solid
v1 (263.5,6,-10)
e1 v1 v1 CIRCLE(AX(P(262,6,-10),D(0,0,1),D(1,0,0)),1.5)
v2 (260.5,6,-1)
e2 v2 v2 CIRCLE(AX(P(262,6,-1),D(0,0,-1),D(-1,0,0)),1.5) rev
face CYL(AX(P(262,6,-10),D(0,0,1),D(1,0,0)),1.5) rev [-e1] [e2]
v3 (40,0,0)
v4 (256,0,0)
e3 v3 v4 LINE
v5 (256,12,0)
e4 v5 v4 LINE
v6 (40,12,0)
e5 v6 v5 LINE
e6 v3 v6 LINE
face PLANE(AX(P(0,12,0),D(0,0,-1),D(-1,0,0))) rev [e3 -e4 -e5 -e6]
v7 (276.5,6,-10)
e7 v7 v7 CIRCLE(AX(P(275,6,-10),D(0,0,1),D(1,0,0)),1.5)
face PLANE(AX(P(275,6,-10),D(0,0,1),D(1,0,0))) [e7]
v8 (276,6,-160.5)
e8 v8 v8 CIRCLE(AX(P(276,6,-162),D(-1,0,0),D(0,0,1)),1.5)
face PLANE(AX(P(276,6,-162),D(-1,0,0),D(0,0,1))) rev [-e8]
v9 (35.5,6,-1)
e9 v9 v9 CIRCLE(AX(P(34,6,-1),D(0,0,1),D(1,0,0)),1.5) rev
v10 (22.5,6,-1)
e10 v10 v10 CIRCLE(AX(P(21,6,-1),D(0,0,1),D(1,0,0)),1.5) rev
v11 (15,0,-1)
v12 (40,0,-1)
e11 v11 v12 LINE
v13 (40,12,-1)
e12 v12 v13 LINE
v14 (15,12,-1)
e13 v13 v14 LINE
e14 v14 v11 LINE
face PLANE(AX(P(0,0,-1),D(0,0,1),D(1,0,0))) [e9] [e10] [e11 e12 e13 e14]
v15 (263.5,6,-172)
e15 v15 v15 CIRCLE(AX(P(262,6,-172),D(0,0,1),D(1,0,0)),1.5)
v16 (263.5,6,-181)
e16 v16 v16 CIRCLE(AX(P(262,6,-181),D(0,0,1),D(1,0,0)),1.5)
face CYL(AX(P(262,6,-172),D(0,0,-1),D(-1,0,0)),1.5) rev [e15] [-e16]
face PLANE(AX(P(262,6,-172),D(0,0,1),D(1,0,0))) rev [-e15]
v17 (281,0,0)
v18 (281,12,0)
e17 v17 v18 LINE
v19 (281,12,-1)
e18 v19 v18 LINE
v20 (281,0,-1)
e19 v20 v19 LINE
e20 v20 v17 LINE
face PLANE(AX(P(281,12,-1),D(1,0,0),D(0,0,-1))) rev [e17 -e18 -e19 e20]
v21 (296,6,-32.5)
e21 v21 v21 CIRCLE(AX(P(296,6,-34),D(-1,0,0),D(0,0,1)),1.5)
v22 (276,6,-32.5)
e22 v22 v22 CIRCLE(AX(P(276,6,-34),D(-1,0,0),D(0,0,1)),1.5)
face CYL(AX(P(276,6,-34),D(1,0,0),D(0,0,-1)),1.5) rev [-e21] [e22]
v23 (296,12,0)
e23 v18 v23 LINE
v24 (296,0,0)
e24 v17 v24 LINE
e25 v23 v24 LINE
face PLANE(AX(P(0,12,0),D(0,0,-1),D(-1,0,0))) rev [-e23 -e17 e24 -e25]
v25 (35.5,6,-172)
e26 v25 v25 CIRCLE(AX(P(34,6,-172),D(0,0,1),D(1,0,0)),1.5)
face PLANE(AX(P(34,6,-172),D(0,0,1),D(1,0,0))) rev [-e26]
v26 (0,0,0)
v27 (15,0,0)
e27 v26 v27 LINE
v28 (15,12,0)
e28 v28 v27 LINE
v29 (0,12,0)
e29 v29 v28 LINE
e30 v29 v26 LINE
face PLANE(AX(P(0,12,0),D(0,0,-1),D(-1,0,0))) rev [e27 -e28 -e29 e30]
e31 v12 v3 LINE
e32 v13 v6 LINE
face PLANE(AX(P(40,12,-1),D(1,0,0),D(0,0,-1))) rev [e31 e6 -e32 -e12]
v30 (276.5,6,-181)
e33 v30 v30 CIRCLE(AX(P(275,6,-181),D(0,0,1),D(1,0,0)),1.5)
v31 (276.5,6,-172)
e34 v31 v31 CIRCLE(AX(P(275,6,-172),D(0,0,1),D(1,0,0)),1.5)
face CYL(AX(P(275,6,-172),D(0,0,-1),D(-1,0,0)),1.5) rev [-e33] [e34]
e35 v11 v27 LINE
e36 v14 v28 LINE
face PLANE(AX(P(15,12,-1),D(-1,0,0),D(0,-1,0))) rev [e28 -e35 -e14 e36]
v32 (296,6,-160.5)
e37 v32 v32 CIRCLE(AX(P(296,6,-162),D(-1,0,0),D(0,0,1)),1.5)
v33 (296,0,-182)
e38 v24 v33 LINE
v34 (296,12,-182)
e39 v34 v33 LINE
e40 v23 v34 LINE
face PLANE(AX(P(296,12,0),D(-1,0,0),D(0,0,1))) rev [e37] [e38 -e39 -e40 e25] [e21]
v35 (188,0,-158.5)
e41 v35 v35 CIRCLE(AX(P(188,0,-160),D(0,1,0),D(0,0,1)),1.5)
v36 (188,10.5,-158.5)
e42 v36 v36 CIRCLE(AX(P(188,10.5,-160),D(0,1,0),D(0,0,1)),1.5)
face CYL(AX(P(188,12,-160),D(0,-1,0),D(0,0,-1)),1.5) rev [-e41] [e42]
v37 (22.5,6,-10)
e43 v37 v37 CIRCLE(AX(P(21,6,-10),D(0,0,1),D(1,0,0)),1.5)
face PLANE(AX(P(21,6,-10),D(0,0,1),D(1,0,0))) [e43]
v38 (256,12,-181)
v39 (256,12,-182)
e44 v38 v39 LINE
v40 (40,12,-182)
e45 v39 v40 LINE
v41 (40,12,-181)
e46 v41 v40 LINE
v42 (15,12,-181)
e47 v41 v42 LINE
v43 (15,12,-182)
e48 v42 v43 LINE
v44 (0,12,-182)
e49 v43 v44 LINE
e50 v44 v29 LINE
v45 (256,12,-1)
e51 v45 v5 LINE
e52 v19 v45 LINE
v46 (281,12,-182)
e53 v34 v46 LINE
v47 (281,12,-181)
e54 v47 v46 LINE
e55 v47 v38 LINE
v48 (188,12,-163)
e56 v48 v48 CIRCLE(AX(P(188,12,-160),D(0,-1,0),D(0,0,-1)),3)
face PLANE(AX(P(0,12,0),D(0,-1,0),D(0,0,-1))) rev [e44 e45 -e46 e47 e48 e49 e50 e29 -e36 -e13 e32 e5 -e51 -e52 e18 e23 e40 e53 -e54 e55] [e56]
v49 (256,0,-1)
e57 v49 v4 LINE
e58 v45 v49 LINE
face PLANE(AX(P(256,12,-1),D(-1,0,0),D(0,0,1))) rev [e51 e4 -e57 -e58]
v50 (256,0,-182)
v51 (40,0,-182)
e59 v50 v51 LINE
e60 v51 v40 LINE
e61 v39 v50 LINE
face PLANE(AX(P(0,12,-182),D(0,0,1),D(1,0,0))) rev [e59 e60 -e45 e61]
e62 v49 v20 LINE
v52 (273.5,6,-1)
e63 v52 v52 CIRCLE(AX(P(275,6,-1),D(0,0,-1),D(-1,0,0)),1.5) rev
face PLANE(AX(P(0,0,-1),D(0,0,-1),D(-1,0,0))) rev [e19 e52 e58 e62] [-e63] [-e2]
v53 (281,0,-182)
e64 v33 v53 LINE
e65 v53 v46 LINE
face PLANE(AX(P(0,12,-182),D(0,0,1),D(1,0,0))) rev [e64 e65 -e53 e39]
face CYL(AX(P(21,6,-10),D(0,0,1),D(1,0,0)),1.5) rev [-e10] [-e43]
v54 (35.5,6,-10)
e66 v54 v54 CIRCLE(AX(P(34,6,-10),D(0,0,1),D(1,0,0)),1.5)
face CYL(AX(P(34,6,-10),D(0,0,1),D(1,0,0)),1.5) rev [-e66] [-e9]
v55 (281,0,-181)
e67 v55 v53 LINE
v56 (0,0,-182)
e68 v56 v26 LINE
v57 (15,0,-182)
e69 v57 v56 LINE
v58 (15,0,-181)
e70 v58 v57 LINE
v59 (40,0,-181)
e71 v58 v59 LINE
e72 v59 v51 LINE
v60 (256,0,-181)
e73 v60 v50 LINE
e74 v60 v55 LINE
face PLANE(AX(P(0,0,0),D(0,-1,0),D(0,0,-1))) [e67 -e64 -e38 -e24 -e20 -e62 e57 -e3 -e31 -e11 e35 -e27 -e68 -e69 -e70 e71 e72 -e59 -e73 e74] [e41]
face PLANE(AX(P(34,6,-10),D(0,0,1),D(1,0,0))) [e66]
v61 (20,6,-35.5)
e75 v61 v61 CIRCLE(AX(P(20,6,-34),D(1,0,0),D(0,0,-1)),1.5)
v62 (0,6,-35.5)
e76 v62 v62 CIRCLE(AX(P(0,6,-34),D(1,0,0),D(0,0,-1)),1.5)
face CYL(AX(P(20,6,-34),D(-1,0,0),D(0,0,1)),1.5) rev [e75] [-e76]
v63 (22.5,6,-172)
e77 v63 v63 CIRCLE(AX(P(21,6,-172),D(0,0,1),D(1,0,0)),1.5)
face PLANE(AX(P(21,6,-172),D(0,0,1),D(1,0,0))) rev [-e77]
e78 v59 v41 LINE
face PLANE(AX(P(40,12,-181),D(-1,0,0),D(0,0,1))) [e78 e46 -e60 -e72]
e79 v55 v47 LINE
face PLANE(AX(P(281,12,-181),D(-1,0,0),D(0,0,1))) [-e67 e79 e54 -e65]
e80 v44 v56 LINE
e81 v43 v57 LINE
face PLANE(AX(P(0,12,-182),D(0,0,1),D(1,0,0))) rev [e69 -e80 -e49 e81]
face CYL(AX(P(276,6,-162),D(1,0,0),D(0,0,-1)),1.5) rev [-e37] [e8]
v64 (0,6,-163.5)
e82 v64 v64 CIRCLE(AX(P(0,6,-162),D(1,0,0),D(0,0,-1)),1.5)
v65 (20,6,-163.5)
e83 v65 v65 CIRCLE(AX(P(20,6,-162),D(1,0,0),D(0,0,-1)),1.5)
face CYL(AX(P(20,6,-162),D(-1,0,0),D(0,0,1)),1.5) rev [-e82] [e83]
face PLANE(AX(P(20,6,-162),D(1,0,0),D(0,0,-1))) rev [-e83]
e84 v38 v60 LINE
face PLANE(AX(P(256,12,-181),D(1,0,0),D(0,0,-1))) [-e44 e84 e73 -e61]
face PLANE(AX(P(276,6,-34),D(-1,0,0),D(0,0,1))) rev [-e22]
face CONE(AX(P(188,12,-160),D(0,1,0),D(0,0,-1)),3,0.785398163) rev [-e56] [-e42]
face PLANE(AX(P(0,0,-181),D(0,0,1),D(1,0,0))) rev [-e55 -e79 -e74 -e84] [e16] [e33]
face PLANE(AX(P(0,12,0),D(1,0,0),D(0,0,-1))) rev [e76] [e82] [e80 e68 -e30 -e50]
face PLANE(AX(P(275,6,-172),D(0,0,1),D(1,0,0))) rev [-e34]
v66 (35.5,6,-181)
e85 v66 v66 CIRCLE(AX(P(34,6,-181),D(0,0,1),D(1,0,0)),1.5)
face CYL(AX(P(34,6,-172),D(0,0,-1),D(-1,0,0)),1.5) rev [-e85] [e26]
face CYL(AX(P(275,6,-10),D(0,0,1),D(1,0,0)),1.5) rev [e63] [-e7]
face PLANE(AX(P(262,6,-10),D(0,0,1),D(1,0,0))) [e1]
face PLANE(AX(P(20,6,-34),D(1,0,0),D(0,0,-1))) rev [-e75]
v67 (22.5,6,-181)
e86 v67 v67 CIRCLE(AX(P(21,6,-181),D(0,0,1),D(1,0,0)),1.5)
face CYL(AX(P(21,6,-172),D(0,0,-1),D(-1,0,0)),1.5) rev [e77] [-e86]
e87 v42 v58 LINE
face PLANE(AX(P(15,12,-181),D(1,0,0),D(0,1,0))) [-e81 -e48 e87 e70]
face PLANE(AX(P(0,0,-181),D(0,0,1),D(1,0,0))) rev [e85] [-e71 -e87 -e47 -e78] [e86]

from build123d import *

# Parameters (mm, degrees)
SKETCH1_W           = 296
SKETCH1_H           = 182
SKETCH1_R           = 1.5
BOSS_EXTRUDE1_DEPTH = 12
SKETCH2_R           = 1.5
CUT_EXTRUDE1_DEPTH  = 20
CUT_EXTRUDE2_START  = 276
SKETCH2_2_R         = 1.5
CUT_EXTRUDE2_DEPTH  = 20
CUT_EXTRUDE4_START  = -182
SKETCH5_R           = 1.5
CUT_EXTRUDE4_DEPTH  = 10
CUT_EXTRUDE5_START  = -10
SKETCH5_3_R         = 1.5
CUT_EXTRUDE5_DEPTH  = 10
SKETCH7_W           = 25
SKETCH7_H           = 12
CUT_EXTRUDE6_DEPTH  = 1
CUT_EXTRUDE7_START  = -182
SKETCH7_2_W         = 25
SKETCH7_2_H         = 12
CUT_EXTRUDE7_DEPTH  = 1


with BuildPart() as part:
    # Sketch1 → Boss-Extrude1 (new body)
    with BuildSketch(Plane(origin=(0, 0, 0), x_dir=(1, 0, 0), z_dir=(0, 1, 0))):
        with Locations((148, 91)):
            Rectangle(SKETCH1_W, SKETCH1_H)
        with Locations(Location((188, 160, 0), (0, 0, 270))):
            Circle(SKETCH1_R, mode=Mode.SUBTRACT)
    extrude(amount=BOSS_EXTRUDE1_DEPTH)

    # Sketch2 → Cut-Extrude1 (cut)
    with BuildSketch(Plane(origin=(0, 0, 0), x_dir=(0, 0, -1), z_dir=(1, 0, 0))):
        with Locations((162, 6)):
            Circle(SKETCH2_R)
        with Locations((34, 6)):
            Circle(SKETCH2_R)
    extrude(amount=CUT_EXTRUDE1_DEPTH, mode=Mode.SUBTRACT)

    # Sketch2<2> → Cut-Extrude2 (cut)
    with BuildSketch(Plane(origin=(0, 0, 0), x_dir=(0, 0, -1), z_dir=(1, 0, 0)).offset(CUT_EXTRUDE2_START)):
        with Locations((162, 6)):
            Circle(SKETCH2_2_R)
        with Locations((34, 6)):
            Circle(SKETCH2_2_R)
    extrude(amount=CUT_EXTRUDE2_DEPTH, mode=Mode.SUBTRACT)

    # Cut-Extrude3 cone 1 section (through the dimple's axis) → Cut-Extrude3 (revolve, cut)
    with BuildSketch(Plane(origin=(188, 12, -160), x_dir=(0, 0, 1), z_dir=(1, 0, 0))):
        Polygon((0, 0), (3, 0), (0, 3), align=None)
    revolve(axis=Axis((188, 12, -160), (0, -1, 0)), mode=Mode.SUBTRACT)

    # Sketch5 → Cut-Extrude4 (cut)
    with BuildSketch(Plane.XY.offset(CUT_EXTRUDE4_START)):
        with Locations((21, 6)):
            Circle(SKETCH5_R)
        with Locations((34, 6)):
            Circle(SKETCH5_R)
        with Locations((275, 6)):
            Circle(SKETCH5_R)
        with Locations((262, 6)):
            Circle(SKETCH5_R)
    extrude(amount=CUT_EXTRUDE4_DEPTH, mode=Mode.SUBTRACT)

    # Sketch5<3> → Cut-Extrude5 (cut)
    with BuildSketch(Plane.XY.offset(CUT_EXTRUDE5_START)):
        with Locations((21, 6)):
            Circle(SKETCH5_3_R)
        with Locations((34, 6)):
            Circle(SKETCH5_3_R)
        with Locations((275, 6)):
            Circle(SKETCH5_3_R)
        with Locations((262, 6)):
            Circle(SKETCH5_3_R)
    extrude(amount=CUT_EXTRUDE5_DEPTH, mode=Mode.SUBTRACT)

    # Sketch7 → Cut-Extrude6 (cut)
    with BuildSketch(Plane.XY):
        with Locations((27.5, 6)):
            Rectangle(SKETCH7_W, SKETCH7_H)
        with Locations((268.5, 6)):
            Rectangle(SKETCH7_W, SKETCH7_H)
    extrude(amount=-CUT_EXTRUDE6_DEPTH, mode=Mode.SUBTRACT)

    # Sketch7<2> → Cut-Extrude7 (cut)
    with BuildSketch(Plane.XY.offset(CUT_EXTRUDE7_START)):
        with Locations((27.5, 6)):
            Rectangle(SKETCH7_2_W, SKETCH7_2_H)
        with Locations((268.5, 6)):
            Rectangle(SKETCH7_2_W, SKETCH7_2_H)
    extrude(amount=CUT_EXTRUDE7_DEPTH, mode=Mode.SUBTRACT)


solid = part.part
